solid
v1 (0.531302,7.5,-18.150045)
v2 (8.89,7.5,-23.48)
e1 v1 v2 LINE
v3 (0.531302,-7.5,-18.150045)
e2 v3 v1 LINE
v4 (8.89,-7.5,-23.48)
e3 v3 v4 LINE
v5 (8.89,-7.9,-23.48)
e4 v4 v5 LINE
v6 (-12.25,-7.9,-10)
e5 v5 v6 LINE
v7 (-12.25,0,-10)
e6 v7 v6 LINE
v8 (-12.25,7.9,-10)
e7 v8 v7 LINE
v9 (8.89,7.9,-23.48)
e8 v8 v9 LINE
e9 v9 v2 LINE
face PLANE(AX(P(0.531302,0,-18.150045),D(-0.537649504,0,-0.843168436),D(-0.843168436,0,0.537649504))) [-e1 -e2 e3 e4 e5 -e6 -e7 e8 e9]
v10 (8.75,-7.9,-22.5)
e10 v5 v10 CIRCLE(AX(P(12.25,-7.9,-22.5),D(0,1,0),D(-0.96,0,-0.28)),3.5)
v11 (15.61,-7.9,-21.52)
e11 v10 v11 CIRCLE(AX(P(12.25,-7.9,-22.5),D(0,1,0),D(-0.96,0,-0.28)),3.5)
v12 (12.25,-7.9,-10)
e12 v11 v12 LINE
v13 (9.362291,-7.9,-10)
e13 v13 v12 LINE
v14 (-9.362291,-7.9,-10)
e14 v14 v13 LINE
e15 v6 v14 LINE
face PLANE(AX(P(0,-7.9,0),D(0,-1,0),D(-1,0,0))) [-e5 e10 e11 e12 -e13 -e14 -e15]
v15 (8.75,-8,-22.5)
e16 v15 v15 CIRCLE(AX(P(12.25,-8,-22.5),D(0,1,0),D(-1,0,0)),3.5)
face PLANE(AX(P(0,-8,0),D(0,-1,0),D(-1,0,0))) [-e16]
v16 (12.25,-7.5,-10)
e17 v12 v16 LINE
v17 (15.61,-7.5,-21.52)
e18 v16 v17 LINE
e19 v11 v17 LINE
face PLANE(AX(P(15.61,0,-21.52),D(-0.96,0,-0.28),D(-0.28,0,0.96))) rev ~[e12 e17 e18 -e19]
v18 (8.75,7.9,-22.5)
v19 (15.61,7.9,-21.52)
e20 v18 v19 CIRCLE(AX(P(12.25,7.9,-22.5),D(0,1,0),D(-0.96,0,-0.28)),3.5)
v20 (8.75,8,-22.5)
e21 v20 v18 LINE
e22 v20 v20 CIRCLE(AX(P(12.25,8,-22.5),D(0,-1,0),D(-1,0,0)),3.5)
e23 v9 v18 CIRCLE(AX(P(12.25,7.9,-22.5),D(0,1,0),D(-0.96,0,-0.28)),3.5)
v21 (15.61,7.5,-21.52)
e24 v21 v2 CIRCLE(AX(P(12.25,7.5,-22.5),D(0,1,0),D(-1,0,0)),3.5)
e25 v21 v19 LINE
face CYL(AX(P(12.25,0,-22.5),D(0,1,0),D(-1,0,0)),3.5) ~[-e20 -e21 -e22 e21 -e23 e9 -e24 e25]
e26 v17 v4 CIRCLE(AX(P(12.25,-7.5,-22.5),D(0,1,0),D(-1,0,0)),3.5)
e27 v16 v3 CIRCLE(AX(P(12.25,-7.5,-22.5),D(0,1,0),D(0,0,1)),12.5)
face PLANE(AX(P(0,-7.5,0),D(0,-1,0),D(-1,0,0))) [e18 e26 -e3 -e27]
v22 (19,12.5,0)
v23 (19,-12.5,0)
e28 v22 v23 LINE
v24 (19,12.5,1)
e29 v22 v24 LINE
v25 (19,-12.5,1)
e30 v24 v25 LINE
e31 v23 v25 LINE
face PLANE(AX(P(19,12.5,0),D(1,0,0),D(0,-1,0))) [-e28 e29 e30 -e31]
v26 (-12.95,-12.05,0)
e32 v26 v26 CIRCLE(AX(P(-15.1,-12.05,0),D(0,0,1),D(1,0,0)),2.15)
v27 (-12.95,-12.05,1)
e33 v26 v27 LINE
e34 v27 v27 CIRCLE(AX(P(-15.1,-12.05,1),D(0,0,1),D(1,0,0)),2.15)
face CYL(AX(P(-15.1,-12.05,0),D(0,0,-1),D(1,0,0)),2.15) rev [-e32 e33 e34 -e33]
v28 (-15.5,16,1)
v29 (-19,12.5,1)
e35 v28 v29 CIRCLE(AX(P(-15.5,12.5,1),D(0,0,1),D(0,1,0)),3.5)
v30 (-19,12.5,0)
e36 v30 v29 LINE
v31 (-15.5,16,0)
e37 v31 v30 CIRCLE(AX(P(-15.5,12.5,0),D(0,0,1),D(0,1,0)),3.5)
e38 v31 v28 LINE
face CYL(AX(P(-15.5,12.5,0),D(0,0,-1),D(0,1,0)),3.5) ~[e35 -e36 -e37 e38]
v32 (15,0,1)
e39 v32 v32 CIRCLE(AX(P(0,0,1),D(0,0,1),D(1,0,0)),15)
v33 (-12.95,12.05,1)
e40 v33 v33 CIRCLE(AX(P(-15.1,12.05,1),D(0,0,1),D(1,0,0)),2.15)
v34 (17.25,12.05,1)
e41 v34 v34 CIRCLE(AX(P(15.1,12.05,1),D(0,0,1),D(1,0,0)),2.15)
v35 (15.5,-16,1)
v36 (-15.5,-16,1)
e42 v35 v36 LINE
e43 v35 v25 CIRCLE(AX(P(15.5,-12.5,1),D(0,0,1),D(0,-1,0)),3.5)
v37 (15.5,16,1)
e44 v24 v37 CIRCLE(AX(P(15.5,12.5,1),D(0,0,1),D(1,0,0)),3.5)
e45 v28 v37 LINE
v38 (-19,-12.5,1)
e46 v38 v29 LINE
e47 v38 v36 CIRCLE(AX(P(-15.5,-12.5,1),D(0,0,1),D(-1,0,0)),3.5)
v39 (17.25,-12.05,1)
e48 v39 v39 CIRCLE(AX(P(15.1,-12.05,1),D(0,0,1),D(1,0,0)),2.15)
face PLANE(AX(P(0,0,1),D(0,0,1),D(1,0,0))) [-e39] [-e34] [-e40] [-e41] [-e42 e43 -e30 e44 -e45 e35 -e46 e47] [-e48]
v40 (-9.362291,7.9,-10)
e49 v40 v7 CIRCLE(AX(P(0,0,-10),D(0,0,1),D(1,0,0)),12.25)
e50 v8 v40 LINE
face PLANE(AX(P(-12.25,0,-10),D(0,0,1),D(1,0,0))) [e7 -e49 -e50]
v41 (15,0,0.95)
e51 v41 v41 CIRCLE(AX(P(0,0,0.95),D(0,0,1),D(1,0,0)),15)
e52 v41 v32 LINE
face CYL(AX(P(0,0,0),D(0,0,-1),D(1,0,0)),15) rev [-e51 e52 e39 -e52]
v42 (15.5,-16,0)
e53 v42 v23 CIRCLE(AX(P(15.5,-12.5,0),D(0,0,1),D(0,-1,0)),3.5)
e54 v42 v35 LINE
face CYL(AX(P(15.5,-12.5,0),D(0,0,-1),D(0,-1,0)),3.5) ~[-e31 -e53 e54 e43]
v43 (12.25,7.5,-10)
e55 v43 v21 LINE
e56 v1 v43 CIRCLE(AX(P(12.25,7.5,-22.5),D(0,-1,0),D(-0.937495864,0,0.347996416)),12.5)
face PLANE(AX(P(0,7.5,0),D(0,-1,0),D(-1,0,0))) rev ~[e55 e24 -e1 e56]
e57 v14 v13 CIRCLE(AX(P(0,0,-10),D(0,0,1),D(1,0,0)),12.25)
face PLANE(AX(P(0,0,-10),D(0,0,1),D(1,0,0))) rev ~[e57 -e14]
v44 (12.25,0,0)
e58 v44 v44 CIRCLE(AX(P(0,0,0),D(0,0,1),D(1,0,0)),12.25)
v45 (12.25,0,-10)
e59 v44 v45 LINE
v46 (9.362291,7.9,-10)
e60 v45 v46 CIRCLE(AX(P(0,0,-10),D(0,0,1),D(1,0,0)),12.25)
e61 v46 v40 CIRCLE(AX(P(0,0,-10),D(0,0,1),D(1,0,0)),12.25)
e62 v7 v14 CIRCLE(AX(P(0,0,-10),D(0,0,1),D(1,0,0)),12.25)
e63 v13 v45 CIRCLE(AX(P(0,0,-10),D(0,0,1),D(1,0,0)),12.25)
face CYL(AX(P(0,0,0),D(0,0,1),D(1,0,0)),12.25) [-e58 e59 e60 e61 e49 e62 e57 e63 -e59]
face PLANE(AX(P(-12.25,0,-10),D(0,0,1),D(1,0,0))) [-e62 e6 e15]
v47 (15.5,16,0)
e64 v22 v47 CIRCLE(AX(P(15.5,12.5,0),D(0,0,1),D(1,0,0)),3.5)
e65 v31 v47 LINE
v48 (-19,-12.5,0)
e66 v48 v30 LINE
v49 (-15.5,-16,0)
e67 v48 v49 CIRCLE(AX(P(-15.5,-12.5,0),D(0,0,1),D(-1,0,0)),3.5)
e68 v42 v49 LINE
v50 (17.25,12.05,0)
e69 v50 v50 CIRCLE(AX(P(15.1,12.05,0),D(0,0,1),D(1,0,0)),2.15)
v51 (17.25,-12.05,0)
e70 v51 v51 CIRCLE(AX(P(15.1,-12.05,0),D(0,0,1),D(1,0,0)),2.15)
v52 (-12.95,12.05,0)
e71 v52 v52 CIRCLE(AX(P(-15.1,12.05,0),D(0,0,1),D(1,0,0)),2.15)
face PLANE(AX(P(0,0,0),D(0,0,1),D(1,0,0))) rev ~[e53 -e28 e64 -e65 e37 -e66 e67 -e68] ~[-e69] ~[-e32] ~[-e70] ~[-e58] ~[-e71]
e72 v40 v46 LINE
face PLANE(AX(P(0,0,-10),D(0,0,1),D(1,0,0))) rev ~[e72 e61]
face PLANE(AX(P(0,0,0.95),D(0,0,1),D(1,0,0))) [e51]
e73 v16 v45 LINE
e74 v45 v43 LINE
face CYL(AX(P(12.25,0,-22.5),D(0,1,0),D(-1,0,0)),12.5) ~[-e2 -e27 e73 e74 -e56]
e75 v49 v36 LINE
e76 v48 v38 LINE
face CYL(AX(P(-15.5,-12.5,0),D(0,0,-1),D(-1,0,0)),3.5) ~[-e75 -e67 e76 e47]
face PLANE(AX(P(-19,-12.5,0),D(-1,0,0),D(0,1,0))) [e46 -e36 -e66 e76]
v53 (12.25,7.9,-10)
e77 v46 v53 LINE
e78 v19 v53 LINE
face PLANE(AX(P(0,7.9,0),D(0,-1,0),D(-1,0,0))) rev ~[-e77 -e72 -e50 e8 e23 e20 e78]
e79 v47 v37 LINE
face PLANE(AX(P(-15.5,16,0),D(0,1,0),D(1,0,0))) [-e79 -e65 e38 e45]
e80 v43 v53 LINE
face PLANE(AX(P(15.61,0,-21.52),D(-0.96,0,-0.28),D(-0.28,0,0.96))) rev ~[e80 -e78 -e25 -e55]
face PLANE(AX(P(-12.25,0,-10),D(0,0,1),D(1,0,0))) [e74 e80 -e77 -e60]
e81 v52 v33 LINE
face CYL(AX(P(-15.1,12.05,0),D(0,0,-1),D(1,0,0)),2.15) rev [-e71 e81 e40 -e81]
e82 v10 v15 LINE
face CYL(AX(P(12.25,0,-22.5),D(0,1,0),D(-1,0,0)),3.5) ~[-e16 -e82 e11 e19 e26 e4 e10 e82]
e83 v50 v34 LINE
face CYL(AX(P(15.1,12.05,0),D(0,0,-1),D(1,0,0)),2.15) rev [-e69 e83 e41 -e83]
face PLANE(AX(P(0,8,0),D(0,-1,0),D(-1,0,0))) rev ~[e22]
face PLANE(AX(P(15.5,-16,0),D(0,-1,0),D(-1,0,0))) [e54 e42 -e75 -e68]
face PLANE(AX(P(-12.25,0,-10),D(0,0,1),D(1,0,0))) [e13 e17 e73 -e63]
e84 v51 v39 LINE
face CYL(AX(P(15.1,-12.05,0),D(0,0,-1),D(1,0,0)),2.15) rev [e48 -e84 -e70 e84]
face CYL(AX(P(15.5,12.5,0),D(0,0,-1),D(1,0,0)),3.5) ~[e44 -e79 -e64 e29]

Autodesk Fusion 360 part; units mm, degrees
sketch "Sketch1" plane through (0, 0, 0) normal (0, 0, 1) x (1, 0, 0)
  circle A0 centre (-15.1, -12.05) radius 2.15
  circle A1 centre (15.1, -12.05) radius 2.15
  circle A2 centre (-15.1, 12.05) radius 2.15
  circle A3 centre (15.1, 12.05) radius 2.15
  line L0 (-15.5, 16) -> (15.5, 16)
  line L1 (19, 12.5) -> (19, -12.5)
  line L2 (15.5, -16) -> (-15.5, -16)
  line L3 (-19, -12.5) -> (-19, 12.5)
  line L4 (0, 16) -> (0, -16) construction
  line L5 (-19, 3.9253) -> (19, -34.3215) construction
  line L6 (-15.1, 12.05) -> (15.1, 12.05) construction
  line L7 (15.1, 12.05) -> (15.1, -12.05) construction
  line L8 (15.1, -12.05) -> (-15.1, -12.05) construction
  line L9 (-15.1, -12.05) -> (-15.1, 12.05) construction
  circle A4 centre (0, 0) radius 15
  arc A5 (-15.5, 16) -> (-19, 12.5) centre (-15.5, 12.5) ccw
  arc A6 (-19, -12.5) -> (-15.5, -16) centre (-15.5, -12.5) ccw
  arc A7 (15.5, -16) -> (19, -12.5) centre (15.5, -12.5) ccw
  arc A8 (19, 12.5) -> (15.5, 16) centre (15.5, 12.5) ccw
  line L10 (-19, 0) -> (19, 0) construction
  point P0 (-19, 16)
  point P1 (19, 16)
  point P2 (-19, -16)
  point P3 (0, 12.05)
  point P4 (-15.1, 0)
  dimension "d1" = 4.3
  dimension "d4" = 30.2
  dimension "d5" = 24.1
  dimension "d6" = 38
  dimension "d7" = 32
  dimension "d8" = 30
  dimension "d9" = 3.5
extrude "Extrude1" add sketch "Sketch1" along normal blind 1 makes body 1
extrude "Extrude2" add sketch "Sketch1" along normal blind 0.95 contours A4 bodies 1
sketch "Sketch2" plane through (0, 0, 0) normal (0, 0, 1) x (1, 0, 0)
  circle A0 centre (-15.1, -12.05) radius 2.15
  circle A1 centre (15.1, 12.05) radius 2.15
  circle A2 centre (15.1, -12.05) radius 2.15
  circle A3 centre (-15.1, 12.05) radius 2.15
  arc A4 (15.5, -16) -> (19, -12.5) centre (15.5, -12.5) ccw
  line L0 (15.5, -16) -> (-15.5, -16)
  arc A5 (-19, -12.5) -> (-15.5, -16) centre (-15.5, -12.5) ccw
  line L1 (-19, -12.5) -> (-19, 12.5)
  arc A6 (-15.5, 16) -> (-19, 12.5) centre (-15.5, 12.5) ccw
  line L2 (-15.5, 16) -> (15.5, 16)
  arc A7 (19, 12.5) -> (15.5, 16) centre (15.5, 12.5) ccw
  line L3 (19, 12.5) -> (19, -12.5)
  circle A8 centre (0, 0) radius 12.25
  dimension "d14" = 24.5
extrude "Extrude3" add sketch "Sketch2" against normal blind 10 contours A8 bodies 1
ref_plane "WorkPlane1" through (0, 0, 0.5) normal (0, -1, 0) x (1, 0, 0)
sketch "Sketch3" plane through (0, 0, 0) normal (0, -1, 0) x (-1, 0, 0)
  line L0 (12.25, 10) -> (-12.25, 10)
  line L1 (-12.25, 0) -> (12.25, 0)
  circle A0 centre (-12.25, 22.5) radius 12.5
  circle A1 centre (-12.25, 22.5) radius 3.5
  line L2 (-15.61, 21.52) -> (-12.25, 10)
  line L3 (-15.61, 21.52) -> (-8.89, 23.48) construction
  line L4 (-8.89, 23.48) -> (12.25, 10)
  dimension "d17" = 25
  dimension "d18" = 7
  dimension "d19" = 12
extrude "Extrude4" add sketch "Sketch3" along normal mid plane 15 separate body contours A0 A1 L2 L4 | A0 A1 L2 L4 | A1 makes body 2
extrude "Extrude5" add sketch "Sketch3" along normal mid plane 16 contours A1 bodies 2
extrude "Extrude6" add sketch "Sketch3" along normal mid plane 15.8 contours L0 A0 L4 | A0 A1 L2 L4 picked at (-3.6072, 18.6024) bodies 1 2
equation "d4 = 25.9 mm + 4.3 mm"
equation "d5 = 19.8 mm + 4.3 mm"
equation "d20 = ( 15 / 2 ) * 1 mm"
